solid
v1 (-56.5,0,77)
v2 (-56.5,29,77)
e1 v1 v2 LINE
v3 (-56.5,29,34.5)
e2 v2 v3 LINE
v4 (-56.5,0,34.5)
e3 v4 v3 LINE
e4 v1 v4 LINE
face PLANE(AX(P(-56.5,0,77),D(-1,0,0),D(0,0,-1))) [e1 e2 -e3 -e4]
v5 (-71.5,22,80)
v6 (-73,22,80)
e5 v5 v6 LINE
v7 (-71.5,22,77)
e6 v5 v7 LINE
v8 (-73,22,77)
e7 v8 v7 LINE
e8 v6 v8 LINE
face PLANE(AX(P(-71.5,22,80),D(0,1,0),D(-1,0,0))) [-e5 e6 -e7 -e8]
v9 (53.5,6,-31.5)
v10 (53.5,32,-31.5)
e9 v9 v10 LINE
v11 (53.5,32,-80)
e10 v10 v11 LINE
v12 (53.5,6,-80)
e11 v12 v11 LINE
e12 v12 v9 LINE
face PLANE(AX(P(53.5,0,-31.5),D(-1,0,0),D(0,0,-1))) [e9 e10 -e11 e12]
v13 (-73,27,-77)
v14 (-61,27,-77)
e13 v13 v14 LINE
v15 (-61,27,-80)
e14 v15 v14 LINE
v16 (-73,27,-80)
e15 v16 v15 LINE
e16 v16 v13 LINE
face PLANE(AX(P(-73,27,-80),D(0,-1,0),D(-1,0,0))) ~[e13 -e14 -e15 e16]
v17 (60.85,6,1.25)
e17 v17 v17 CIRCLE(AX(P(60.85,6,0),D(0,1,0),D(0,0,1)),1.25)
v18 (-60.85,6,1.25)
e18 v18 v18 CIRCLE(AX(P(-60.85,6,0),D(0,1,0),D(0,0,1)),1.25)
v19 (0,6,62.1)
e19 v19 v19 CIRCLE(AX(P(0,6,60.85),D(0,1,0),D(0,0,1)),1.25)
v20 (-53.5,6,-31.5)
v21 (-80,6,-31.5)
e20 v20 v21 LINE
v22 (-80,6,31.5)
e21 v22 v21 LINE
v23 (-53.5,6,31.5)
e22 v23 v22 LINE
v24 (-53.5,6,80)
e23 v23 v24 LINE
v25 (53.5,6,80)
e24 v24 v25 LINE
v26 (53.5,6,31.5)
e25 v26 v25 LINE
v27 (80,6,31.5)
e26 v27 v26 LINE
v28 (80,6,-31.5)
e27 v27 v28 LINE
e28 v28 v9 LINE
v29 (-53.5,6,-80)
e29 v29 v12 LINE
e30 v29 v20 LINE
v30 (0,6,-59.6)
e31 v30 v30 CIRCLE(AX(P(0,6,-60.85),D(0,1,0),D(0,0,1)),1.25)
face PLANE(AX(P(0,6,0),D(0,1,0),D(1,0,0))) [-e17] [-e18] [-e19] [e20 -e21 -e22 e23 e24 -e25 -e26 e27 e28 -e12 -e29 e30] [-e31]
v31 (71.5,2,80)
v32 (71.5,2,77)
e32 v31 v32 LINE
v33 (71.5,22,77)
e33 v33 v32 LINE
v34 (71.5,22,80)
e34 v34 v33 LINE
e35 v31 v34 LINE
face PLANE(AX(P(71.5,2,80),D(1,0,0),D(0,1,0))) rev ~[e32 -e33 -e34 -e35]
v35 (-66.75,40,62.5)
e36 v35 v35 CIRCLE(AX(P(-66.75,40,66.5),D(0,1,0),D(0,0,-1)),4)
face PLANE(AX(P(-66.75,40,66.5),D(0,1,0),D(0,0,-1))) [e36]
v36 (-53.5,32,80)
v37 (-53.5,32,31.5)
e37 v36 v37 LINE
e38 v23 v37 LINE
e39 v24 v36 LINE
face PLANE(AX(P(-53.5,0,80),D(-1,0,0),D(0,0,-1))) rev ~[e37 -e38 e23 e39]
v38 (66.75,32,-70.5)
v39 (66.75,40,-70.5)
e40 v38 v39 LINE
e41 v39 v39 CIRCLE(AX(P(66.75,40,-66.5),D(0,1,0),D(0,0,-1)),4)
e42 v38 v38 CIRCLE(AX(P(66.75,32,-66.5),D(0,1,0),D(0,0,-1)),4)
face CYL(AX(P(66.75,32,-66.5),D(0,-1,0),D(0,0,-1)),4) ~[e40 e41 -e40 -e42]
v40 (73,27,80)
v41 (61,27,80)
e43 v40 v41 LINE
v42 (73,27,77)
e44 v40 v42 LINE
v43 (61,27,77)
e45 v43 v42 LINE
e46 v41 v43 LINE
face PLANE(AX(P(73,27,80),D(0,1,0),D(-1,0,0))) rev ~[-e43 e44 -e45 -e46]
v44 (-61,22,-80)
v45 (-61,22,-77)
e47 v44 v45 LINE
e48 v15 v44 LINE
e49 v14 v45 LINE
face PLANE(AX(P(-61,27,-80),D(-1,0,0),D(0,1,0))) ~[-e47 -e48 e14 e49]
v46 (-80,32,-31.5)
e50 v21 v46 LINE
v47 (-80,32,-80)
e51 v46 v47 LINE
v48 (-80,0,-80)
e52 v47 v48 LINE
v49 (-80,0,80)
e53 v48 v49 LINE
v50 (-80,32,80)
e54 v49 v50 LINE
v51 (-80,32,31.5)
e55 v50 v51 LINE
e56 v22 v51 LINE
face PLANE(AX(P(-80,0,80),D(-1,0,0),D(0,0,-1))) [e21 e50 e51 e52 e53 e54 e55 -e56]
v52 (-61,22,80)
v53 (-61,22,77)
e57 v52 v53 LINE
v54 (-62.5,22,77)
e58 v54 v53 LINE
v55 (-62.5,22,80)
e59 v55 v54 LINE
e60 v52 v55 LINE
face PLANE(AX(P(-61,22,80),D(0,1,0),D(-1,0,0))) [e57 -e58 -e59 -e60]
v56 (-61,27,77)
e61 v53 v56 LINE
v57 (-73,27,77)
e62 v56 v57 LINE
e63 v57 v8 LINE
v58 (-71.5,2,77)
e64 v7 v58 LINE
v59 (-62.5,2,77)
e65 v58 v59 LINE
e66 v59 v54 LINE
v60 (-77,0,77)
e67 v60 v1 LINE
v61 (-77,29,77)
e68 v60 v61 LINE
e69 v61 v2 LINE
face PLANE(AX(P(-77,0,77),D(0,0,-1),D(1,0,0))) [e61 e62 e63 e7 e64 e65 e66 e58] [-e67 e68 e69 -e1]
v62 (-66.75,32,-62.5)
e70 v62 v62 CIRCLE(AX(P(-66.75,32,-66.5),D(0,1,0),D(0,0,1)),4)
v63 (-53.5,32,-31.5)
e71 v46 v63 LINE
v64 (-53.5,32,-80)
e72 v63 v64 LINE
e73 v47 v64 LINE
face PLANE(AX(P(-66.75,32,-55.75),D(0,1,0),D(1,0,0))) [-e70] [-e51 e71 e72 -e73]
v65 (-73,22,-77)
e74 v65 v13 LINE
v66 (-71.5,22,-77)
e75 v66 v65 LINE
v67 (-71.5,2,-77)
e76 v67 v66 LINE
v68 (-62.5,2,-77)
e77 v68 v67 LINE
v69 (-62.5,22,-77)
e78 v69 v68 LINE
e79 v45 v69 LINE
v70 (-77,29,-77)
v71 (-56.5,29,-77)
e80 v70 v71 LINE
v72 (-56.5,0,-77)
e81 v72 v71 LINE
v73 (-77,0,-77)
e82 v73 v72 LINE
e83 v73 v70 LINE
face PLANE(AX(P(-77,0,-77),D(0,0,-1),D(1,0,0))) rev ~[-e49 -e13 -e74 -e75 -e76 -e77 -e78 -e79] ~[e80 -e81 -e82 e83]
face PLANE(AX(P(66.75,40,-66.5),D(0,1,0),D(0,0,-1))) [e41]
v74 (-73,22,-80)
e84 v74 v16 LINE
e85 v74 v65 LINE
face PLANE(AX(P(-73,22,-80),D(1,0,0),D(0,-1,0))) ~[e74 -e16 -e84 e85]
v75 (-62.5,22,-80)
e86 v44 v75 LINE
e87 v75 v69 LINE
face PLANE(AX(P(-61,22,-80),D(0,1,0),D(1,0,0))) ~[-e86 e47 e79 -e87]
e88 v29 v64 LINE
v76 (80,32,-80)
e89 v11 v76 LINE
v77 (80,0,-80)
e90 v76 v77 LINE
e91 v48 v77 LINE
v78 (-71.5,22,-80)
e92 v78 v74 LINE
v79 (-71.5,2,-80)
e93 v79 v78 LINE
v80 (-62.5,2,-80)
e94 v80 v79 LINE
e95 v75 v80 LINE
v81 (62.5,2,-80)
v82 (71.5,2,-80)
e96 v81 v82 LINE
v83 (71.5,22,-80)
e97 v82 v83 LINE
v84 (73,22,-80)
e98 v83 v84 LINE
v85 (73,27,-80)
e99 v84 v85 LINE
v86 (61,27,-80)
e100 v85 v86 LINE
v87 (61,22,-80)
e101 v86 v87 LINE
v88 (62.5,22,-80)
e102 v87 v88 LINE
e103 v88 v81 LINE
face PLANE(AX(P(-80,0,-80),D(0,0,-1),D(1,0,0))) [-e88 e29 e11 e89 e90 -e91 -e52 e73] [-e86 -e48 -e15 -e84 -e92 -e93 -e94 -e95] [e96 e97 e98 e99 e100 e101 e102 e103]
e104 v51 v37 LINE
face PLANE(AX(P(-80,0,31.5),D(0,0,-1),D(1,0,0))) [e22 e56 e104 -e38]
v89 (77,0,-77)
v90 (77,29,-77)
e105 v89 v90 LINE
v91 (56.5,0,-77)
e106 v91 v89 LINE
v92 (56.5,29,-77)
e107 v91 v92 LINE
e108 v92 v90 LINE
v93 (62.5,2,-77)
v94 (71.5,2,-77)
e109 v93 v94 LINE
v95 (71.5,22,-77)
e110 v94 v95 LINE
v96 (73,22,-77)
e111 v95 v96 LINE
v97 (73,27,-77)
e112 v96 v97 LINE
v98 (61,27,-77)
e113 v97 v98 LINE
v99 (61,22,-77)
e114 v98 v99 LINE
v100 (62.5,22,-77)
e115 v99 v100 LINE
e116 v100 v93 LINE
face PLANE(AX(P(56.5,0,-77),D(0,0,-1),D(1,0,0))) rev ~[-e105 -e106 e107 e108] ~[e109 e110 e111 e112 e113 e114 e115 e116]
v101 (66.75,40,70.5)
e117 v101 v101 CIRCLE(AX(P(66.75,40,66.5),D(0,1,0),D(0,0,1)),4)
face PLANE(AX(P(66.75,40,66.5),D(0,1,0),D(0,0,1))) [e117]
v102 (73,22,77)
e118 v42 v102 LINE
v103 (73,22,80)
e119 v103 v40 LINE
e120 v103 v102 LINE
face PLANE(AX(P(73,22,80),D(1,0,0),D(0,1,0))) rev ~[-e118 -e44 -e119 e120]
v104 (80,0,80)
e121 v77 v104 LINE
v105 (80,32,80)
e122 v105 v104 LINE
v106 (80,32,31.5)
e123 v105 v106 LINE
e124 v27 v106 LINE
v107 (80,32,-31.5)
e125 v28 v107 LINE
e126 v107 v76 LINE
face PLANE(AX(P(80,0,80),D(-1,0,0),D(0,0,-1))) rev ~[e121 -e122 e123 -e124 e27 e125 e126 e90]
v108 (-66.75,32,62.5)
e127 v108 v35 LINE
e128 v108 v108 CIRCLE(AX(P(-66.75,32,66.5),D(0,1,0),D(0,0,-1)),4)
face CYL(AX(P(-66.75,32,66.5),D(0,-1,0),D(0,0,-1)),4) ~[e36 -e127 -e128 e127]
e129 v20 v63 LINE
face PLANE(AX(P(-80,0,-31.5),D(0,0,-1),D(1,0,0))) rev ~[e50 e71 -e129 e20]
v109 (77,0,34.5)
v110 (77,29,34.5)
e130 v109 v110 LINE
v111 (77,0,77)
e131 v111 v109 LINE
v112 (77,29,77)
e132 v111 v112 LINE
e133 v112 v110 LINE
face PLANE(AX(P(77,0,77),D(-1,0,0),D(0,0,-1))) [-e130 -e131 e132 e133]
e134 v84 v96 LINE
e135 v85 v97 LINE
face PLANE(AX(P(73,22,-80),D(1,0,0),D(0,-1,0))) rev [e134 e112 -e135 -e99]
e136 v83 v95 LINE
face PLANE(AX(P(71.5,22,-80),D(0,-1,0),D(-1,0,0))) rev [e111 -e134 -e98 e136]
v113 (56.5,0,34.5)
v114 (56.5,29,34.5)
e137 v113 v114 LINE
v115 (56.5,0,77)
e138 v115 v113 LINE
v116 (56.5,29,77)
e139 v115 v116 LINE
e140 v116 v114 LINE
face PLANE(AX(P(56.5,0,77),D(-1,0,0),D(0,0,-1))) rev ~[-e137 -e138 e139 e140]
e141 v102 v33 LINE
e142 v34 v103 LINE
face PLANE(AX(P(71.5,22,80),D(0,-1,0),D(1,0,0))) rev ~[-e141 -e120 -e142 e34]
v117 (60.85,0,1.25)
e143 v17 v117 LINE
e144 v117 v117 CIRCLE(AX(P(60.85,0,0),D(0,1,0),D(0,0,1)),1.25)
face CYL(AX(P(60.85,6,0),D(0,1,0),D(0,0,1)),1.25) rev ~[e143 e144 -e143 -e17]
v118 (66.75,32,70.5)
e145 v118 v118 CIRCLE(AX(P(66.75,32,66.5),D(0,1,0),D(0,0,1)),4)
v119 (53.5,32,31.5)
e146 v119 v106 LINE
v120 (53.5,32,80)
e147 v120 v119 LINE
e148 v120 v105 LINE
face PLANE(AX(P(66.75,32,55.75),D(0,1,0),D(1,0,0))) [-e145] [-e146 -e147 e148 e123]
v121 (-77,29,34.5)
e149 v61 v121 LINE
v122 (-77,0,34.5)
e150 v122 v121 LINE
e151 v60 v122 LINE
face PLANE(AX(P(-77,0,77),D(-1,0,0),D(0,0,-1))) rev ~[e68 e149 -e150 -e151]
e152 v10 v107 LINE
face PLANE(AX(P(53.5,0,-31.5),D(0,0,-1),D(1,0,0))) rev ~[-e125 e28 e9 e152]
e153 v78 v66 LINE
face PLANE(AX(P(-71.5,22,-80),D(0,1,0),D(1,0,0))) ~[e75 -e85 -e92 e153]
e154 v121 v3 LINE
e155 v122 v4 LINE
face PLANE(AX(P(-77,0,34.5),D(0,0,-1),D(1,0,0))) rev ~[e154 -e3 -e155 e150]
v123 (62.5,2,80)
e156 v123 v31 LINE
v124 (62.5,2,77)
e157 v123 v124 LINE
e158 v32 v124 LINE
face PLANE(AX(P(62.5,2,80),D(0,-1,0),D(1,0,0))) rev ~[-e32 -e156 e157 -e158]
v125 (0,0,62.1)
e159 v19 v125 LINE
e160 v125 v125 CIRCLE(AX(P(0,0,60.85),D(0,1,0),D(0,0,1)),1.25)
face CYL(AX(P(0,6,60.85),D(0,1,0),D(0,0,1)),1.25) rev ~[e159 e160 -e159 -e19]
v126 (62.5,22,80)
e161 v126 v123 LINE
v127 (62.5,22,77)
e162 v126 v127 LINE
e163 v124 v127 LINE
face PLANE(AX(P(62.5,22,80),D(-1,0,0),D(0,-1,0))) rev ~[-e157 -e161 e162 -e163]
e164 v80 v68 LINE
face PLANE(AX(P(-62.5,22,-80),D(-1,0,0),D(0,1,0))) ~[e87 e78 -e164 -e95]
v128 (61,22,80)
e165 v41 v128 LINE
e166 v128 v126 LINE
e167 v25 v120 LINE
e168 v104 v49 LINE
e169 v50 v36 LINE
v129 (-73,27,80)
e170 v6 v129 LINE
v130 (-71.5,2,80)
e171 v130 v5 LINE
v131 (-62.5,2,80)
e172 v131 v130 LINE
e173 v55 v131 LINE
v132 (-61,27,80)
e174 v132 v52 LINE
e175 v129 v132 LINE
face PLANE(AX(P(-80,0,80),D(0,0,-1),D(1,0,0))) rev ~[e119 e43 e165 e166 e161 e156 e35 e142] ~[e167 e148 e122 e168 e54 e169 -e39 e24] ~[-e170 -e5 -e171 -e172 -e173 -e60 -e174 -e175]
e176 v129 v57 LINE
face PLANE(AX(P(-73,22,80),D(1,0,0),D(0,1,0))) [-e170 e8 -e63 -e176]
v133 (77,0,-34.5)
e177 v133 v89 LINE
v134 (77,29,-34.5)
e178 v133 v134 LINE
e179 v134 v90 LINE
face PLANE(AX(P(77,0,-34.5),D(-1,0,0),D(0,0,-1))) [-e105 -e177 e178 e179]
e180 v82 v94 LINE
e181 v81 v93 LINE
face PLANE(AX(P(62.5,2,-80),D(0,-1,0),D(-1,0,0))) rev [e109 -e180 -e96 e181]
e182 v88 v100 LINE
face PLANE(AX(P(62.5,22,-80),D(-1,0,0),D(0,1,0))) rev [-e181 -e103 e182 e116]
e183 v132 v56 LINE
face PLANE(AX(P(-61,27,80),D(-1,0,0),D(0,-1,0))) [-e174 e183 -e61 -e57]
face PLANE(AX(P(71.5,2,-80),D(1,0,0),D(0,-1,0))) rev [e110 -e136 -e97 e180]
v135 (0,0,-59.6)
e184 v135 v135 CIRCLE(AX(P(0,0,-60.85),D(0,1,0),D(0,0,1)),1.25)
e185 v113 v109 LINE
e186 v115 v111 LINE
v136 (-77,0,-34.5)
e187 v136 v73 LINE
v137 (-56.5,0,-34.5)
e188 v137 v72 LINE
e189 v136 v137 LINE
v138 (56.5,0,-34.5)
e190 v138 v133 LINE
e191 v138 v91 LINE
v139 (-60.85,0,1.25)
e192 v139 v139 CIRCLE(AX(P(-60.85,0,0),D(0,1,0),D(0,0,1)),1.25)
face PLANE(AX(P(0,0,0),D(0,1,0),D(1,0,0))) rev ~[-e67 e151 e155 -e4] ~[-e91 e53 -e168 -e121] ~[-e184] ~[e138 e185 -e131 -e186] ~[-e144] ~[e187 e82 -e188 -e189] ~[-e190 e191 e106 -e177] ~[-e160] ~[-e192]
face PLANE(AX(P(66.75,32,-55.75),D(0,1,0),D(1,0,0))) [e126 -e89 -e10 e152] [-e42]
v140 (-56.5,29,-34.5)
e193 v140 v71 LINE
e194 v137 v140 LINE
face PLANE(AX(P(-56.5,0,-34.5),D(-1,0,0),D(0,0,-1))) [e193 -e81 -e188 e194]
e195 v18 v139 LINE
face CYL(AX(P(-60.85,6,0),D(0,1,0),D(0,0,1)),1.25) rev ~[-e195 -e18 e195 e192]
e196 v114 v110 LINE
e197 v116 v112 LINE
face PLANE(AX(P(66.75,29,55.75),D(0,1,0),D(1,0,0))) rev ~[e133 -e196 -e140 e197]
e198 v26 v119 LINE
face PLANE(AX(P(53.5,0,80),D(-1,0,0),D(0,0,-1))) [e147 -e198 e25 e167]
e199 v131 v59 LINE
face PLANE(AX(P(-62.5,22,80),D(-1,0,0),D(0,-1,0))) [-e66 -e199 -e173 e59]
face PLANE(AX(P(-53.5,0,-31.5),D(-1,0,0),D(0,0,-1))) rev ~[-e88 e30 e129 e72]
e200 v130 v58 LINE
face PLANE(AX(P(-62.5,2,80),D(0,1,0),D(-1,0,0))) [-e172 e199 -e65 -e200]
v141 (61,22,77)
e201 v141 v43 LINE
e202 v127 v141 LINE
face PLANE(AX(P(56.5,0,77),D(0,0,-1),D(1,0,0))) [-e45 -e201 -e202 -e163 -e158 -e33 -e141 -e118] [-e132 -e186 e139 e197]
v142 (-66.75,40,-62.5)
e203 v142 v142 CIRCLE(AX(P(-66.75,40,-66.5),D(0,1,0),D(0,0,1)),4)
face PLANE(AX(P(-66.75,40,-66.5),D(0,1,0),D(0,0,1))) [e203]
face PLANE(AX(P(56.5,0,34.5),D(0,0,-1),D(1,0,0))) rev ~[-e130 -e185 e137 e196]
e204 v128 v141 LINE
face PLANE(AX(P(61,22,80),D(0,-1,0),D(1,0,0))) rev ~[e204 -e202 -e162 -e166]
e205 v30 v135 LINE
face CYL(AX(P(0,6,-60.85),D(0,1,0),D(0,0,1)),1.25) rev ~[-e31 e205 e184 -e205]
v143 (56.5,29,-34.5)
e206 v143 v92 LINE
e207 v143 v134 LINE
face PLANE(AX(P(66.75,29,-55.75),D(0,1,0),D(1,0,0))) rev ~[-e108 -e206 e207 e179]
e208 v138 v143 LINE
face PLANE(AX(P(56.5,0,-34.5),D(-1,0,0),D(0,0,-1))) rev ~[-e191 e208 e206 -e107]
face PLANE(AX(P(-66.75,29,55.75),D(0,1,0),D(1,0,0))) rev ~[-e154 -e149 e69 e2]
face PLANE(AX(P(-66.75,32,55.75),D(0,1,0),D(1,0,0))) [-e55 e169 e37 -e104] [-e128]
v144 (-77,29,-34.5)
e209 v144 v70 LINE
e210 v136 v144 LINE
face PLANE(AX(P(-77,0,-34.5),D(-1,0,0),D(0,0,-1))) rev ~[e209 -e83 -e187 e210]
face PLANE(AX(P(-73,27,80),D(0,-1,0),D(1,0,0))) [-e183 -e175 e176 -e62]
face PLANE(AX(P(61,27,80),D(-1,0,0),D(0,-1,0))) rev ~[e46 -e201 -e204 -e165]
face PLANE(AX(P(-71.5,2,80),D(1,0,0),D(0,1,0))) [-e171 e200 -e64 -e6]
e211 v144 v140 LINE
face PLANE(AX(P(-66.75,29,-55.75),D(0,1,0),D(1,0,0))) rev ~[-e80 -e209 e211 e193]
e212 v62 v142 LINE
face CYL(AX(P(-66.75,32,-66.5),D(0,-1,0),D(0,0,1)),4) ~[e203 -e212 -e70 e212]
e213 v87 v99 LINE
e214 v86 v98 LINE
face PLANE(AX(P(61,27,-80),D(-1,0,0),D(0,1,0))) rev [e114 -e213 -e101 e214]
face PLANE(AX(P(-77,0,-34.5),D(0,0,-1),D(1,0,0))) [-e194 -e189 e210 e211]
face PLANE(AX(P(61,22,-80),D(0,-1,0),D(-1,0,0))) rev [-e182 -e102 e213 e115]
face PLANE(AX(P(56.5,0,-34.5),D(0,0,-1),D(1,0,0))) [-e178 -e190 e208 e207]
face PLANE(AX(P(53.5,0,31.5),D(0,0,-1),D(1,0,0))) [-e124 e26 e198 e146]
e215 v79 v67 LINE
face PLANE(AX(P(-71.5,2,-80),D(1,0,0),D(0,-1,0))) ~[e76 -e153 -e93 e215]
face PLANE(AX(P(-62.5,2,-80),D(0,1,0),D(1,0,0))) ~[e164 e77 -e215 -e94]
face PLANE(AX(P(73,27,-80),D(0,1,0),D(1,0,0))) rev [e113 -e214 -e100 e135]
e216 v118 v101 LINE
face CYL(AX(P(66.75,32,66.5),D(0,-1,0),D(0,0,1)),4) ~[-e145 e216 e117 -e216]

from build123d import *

# Parameters (mm, degrees)
SKETCH2_W           = 160
SKETCH2_H           = 160
BOSS_EXTRUDE2_DEPTH = 6
SKETCH3_W           = 26.5
SKETCH3_H           = 48.5
BOSS_EXTRUDE3_DEPTH = 32
SKETCH4_W           = 20.5
SKETCH4_H           = 42.5
CUT_EXTRUDE2_DEPTH  = 29
SKETCH5_R           = 4
BOSS_EXTRUDE4_DEPTH = 8
CUT_EXTRUDE3_DEPTH  = 8
SKETCH7_R           = 1.25
CUT_EXTRUDE4_DEPTH  = 10


with BuildPart() as part:
    # Sketch2 → Boss-Extrude2 (new body)
    with BuildSketch(Plane(origin=(0, 0, 0), x_dir=(1, 0, 0), z_dir=(0, 1, 0))):
        Rectangle(SKETCH2_W, SKETCH2_H)
    extrude(amount=BOSS_EXTRUDE2_DEPTH)

    # Sketch3 → Boss-Extrude3 (add)
    with BuildSketch(Plane(origin=(0, 0, 0), x_dir=(1, 0, 0), z_dir=(0, 1, 0))):
        with Locations((-66.75, 55.75)):
            Rectangle(SKETCH3_W, SKETCH3_H)
        with Locations((66.75, 55.75)):
            Rectangle(SKETCH3_W, SKETCH3_H)
        with Locations((66.75, -55.75)):
            Rectangle(SKETCH3_W, SKETCH3_H)
        with Locations((-66.75, -55.75)):
            Rectangle(SKETCH3_W, SKETCH3_H)
    extrude(amount=BOSS_EXTRUDE3_DEPTH)

    # Sketch4 → Cut-Extrude2 (cut)
    with BuildSketch(Plane(origin=(0, 0, 0), x_dir=(1, 0, 0), z_dir=(0, 1, 0))):
        with Locations((-66.75, 55.75)):
            Rectangle(SKETCH4_W, SKETCH4_H)
        with Locations((66.75, 55.75)):
            Rectangle(SKETCH4_W, SKETCH4_H)
        with Locations((66.75, -55.75)):
            Rectangle(SKETCH4_W, SKETCH4_H)
        with Locations((-66.75, -55.75)):
            Rectangle(SKETCH4_W, SKETCH4_H)
    extrude(amount=CUT_EXTRUDE2_DEPTH, mode=Mode.SUBTRACT)

    # Sketch5 → Boss-Extrude4 (add)
    with BuildSketch(Plane(origin=(0, 32, 0), x_dir=(1, 0, 0), z_dir=(0, 1, 0))):
        with Locations(Location((-66.75, 66.5, 0), (0, 0, 270))):
            Circle(SKETCH5_R)
        with Locations(Location((66.75, 66.5, 0), (0, 0, 90))):
            Circle(SKETCH5_R)
        with Locations(Location((66.75, -66.5, 0), (0, 0, 270))):
            Circle(SKETCH5_R)
        with Locations(Location((-66.75, -66.5, 0), (0, 0, 90))):
            Circle(SKETCH5_R)
    extrude(amount=BOSS_EXTRUDE4_DEPTH)

    # Sketch6 → Cut-Extrude3 (cut)
    with BuildSketch(Plane.XY.offset(80)):
        Polygon((-73, 27), (-61, 27), (-61, 22), (-62.5, 22), (-62.5, 2), (-71.5, 2), (-71.5, 22), (-73, 22), align=None)
        Polygon((73, 22), (73, 27), (61, 27), (61, 22), (62.5, 22), (62.5, 2), (71.5, 2), (71.5, 22), align=None)
    cut_extrude3 = extrude(amount=-CUT_EXTRUDE3_DEPTH, mode=Mode.SUBTRACT)

    # Mirror1: Cut-Extrude3 across plane
    add(cut_extrude3.mirror(Plane.XY), mode=Mode.SUBTRACT)

    # Sketch7 → Cut-Extrude4 (cut)
    with BuildSketch(Plane(origin=(0, 6, 0), x_dir=(1, 0, 0), z_dir=(0, 1, 0))):
        with Locations(Location((-60.85, 0, 0), (0, 0, 270))):
            Circle(SKETCH7_R)
        with Locations(Location((0, 60.85, 0), (0, 0, 270))):
            Circle(SKETCH7_R)
        with Locations(Location((60.85, 0, 0), (0, 0, 270))):
            Circle(SKETCH7_R)
        with Locations(Location((0, -60.85, 0), (0, 0, 270))):
            Circle(SKETCH7_R)
    extrude(amount=-CUT_EXTRUDE4_DEPTH, mode=Mode.SUBTRACT)


solid = part.part
